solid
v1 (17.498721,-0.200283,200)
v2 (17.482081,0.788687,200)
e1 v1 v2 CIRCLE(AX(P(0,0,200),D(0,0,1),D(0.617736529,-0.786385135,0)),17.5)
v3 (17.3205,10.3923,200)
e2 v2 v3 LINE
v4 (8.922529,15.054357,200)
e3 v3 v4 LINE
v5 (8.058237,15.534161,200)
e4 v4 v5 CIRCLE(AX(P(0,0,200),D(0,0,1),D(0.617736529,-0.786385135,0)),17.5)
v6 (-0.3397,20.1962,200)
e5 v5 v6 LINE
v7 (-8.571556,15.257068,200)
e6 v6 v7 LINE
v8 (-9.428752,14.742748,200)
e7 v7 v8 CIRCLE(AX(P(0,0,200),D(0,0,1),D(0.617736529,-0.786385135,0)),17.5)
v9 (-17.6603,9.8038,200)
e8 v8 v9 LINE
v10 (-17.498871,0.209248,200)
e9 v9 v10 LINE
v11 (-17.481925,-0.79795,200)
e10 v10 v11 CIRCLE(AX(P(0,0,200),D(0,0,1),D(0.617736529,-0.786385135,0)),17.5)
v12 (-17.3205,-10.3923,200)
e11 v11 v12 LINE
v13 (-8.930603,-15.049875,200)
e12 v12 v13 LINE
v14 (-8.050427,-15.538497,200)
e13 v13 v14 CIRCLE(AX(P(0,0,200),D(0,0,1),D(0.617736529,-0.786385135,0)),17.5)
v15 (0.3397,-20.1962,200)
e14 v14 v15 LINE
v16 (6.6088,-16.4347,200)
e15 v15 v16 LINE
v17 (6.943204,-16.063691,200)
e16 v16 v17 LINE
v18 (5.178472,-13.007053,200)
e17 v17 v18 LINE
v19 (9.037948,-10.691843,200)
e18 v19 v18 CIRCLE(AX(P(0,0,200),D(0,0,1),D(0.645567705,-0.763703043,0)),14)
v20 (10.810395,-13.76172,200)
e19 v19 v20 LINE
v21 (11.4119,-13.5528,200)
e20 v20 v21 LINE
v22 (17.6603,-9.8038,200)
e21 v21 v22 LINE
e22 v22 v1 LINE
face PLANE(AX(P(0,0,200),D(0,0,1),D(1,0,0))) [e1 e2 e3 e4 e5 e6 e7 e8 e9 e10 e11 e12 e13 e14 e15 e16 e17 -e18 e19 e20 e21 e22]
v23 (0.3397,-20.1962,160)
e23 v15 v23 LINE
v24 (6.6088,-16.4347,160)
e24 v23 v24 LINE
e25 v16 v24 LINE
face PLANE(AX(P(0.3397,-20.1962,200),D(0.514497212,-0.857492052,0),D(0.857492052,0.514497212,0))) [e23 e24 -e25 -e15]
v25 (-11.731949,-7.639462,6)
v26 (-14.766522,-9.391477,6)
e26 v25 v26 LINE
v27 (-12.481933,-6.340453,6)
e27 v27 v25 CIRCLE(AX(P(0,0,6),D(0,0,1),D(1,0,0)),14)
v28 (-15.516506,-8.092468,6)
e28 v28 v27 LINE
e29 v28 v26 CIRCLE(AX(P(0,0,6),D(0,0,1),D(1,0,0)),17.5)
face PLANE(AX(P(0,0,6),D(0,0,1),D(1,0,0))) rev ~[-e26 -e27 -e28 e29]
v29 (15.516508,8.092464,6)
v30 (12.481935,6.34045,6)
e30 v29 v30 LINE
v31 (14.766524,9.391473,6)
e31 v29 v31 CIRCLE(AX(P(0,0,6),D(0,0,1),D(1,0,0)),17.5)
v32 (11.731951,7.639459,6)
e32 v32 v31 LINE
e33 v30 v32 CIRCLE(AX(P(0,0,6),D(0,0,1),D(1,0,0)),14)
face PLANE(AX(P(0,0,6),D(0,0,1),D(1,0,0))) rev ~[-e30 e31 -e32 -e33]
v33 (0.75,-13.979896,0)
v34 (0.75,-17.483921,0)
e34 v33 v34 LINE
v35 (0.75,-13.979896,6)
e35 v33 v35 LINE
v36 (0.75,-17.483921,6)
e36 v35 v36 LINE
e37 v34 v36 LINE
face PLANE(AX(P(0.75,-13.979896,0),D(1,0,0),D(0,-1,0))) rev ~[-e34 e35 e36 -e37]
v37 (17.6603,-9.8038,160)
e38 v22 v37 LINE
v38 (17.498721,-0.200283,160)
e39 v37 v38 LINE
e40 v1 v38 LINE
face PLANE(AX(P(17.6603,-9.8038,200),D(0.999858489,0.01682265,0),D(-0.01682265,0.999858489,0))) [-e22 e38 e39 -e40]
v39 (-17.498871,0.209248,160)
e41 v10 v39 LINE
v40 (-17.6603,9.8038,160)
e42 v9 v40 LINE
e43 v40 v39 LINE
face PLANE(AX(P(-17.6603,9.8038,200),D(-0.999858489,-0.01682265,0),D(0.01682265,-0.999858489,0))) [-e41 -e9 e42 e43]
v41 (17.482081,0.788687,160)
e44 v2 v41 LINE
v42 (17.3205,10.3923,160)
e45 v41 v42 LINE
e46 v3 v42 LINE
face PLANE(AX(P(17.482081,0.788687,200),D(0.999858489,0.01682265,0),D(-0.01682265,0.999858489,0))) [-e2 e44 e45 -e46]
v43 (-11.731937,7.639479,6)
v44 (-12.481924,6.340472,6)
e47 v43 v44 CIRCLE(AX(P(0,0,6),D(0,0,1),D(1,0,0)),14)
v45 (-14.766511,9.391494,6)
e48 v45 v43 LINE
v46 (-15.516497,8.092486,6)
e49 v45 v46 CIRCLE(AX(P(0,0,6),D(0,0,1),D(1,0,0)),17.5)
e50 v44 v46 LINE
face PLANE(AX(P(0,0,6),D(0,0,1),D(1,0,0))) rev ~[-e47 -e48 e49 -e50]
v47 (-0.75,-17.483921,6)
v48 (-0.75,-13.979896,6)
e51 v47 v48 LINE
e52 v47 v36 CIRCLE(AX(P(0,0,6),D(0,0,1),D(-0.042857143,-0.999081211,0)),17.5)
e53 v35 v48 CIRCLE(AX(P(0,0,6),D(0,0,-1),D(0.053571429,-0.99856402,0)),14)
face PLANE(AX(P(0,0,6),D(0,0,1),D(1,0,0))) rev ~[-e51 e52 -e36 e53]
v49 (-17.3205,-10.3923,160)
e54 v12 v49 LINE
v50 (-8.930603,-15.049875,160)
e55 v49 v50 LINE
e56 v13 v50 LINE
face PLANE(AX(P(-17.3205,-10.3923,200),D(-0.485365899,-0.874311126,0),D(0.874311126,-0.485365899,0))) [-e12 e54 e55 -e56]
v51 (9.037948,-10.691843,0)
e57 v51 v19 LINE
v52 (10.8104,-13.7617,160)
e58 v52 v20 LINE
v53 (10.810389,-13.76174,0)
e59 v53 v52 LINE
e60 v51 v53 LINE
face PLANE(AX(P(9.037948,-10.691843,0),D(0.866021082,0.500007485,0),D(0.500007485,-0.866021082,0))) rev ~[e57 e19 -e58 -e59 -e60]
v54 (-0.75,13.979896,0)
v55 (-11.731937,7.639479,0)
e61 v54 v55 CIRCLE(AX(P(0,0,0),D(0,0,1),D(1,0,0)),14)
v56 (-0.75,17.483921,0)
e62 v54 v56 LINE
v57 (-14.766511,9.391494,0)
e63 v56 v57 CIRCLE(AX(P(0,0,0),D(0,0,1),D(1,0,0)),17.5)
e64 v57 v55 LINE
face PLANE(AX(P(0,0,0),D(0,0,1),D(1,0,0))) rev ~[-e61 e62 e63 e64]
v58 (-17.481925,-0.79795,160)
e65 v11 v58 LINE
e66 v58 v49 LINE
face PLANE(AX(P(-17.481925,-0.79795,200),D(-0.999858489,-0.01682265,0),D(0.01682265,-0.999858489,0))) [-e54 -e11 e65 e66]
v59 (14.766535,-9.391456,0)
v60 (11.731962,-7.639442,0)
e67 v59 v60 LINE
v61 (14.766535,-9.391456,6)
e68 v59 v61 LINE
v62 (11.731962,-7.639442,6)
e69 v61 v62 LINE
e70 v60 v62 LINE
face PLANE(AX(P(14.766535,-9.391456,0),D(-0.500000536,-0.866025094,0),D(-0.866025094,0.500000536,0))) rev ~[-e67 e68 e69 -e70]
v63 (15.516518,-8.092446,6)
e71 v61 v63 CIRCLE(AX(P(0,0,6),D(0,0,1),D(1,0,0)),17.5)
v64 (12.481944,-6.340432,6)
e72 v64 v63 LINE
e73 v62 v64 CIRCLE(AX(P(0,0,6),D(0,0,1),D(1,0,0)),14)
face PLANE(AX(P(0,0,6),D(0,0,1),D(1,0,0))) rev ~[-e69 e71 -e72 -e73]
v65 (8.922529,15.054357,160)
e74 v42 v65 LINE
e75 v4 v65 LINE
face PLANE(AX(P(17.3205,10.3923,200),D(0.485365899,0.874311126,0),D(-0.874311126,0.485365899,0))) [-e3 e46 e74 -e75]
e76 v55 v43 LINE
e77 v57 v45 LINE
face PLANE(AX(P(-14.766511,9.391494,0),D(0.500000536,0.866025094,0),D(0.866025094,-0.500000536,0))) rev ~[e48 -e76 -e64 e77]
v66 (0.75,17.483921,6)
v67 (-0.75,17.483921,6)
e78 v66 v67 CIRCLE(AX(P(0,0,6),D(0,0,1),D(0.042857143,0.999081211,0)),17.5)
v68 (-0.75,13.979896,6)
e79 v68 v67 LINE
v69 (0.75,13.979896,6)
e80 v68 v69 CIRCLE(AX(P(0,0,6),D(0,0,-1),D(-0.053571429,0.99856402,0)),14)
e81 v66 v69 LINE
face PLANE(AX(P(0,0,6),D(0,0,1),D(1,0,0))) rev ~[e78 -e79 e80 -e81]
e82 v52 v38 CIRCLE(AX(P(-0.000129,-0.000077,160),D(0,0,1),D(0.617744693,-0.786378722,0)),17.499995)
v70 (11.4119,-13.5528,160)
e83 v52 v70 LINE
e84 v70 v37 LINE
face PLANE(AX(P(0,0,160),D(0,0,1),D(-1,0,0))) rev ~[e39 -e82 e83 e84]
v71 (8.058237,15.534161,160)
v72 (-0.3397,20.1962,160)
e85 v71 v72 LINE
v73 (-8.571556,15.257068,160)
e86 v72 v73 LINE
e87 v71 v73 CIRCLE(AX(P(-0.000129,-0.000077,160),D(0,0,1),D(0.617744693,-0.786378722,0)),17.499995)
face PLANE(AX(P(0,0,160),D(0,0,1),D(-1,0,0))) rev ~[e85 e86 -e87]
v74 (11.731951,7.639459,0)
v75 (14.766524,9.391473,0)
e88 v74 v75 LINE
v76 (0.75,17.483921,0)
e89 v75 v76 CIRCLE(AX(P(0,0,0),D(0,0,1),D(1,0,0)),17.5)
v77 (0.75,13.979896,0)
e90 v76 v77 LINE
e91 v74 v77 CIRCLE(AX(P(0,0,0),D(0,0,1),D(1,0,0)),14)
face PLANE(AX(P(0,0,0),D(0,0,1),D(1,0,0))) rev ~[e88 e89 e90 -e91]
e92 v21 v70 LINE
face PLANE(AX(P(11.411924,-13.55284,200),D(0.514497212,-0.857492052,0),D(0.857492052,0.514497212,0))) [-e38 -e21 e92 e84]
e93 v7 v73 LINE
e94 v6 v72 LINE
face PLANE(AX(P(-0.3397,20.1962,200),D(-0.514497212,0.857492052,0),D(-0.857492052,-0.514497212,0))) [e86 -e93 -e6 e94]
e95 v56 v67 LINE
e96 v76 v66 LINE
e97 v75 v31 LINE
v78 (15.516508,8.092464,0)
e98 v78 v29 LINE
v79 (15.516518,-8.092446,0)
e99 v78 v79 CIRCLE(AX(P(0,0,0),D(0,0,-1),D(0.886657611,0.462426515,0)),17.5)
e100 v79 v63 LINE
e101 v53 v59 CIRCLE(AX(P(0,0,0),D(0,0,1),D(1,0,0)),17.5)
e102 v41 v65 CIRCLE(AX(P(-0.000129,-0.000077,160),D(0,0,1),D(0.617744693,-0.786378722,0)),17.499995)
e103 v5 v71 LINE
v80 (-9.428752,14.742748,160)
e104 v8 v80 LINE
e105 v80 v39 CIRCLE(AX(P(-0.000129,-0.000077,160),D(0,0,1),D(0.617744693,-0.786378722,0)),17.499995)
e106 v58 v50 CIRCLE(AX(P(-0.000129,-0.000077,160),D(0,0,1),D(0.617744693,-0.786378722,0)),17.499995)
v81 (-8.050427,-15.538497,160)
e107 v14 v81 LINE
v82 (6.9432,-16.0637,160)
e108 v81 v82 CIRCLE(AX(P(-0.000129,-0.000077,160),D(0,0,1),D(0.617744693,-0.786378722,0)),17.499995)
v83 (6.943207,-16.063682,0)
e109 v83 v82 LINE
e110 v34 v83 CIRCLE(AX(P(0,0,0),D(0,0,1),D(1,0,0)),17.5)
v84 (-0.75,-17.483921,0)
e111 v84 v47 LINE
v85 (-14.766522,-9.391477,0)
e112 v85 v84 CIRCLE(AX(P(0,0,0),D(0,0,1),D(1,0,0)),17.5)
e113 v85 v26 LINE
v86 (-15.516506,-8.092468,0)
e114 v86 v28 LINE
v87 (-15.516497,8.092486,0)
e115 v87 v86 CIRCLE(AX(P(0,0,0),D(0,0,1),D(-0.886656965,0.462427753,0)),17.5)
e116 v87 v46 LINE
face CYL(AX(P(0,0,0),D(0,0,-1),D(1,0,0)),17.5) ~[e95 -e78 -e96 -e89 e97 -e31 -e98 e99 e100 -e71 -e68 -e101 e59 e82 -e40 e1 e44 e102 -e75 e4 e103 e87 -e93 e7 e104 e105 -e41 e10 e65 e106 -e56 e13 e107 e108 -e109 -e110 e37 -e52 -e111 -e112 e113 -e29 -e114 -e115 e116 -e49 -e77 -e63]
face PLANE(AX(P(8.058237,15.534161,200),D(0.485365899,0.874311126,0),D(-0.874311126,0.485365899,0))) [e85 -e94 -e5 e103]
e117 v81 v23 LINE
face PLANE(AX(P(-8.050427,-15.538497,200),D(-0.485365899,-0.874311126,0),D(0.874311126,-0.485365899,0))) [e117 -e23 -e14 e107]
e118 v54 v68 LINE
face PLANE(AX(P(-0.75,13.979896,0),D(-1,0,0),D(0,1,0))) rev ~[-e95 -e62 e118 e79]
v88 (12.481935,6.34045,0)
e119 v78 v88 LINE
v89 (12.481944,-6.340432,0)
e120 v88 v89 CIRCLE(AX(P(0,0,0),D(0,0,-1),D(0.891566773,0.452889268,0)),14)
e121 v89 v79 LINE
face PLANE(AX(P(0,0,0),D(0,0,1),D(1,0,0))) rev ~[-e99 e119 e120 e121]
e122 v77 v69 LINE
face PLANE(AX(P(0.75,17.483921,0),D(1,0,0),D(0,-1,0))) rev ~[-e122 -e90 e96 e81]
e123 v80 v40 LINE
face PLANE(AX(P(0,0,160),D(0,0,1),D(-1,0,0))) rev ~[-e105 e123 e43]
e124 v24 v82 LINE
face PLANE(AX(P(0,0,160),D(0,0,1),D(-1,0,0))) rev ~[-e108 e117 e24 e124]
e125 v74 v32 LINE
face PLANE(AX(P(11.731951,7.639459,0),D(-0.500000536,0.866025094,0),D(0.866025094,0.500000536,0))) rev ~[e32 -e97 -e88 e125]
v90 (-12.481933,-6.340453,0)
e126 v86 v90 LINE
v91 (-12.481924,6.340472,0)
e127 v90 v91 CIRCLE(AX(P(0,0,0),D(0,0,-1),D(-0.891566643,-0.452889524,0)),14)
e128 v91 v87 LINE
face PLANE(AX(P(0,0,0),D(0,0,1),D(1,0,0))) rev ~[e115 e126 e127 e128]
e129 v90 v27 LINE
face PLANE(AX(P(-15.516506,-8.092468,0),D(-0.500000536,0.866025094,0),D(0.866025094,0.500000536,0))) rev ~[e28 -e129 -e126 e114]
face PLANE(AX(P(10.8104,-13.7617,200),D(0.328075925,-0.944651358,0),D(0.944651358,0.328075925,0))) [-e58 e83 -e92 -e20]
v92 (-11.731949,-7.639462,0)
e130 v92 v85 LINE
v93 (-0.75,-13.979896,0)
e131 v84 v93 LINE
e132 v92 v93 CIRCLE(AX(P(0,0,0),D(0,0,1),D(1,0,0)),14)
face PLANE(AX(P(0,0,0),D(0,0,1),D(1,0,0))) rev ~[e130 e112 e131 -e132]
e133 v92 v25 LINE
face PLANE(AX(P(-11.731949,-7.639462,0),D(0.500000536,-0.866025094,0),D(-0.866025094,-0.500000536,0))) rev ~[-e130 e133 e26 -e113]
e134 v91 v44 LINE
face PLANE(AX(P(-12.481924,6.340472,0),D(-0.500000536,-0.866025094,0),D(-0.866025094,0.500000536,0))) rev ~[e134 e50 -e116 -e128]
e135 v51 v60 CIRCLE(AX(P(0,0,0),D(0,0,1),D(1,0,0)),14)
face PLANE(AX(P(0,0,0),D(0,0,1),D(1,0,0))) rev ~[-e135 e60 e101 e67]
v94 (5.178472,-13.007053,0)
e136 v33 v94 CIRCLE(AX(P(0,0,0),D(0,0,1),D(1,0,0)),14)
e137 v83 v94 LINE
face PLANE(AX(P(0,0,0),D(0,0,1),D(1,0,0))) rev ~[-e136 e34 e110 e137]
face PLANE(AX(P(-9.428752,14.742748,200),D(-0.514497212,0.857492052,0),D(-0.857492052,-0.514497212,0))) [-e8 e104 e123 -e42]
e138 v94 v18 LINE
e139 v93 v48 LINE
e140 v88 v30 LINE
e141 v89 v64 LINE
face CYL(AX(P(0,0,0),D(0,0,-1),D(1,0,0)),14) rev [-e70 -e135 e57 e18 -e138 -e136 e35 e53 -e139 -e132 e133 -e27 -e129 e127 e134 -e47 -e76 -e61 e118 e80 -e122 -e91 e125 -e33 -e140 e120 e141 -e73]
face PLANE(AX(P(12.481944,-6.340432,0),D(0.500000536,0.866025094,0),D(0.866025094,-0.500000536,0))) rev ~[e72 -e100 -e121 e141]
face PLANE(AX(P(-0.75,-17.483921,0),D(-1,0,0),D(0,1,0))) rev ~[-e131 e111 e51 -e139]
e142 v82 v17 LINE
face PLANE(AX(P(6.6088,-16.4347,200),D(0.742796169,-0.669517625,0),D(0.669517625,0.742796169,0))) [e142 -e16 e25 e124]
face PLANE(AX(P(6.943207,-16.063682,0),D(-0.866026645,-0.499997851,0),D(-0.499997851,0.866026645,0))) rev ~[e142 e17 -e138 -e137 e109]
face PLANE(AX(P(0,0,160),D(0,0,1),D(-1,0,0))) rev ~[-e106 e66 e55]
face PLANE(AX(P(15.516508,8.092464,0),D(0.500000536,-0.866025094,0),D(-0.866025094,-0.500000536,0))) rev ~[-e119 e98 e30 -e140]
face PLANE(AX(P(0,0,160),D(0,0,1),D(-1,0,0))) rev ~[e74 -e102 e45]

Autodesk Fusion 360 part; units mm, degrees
sketch "Sketch1" plane through (0, 0, 0) normal (0, 0, 1) x (1, 0, 0)
  circle A0 centre (0, 0) radius 10
  dimension "d1" = 20
sketch "Sketch2" plane through (0, 0, 0) normal (0, 0, 1) x (1, 0, 0)
  circle A0 centre (0, 0) radius 17.5
  circle A1 centre (0, 0) radius 14
  line L0 (-0.75, 19.1081) -> (0.75, 19.1081)
  line L1 (0.75, 19.1081) -> (0.75, -21)
  line L2 (0.75, -21) -> (-0.75, -21)
  line L3 (-0.75, -21) -> (-0.75, 19.1081)
  line L4 (0, 23) -> (0, -27)
  line L5 (-30, 0) -> (27, 0)
  line L6 (-16.3017, -8.5458) -> (18.0876, 11.3089)
  line L7 (18.0876, 11.3089) -> (18.8376, 10.0099)
  line L8 (18.8376, 10.0099) -> (-15.5517, -9.8448)
  line L9 (-15.5517, -9.8448) -> (-16.3017, -8.5458)
  line L10 (-16.8985, 10.6224) -> (17.4908, -9.2323)
  line L11 (17.4908, -9.2323) -> (16.7408, -10.5313)
  line L12 (16.7408, -10.5313) -> (-17.6485, 9.3234)
  line L13 (-17.6485, 9.3234) -> (-16.8985, 10.6224)
  line L14 (8.0661, -18.0086) -> (4.1738, -11.2669)
  line L15 (4.1738, -11.2669) -> (8.0709, -9.0169)
  line L16 (8.0709, -9.0169) -> (11.9633, -15.7586)
  line L17 (11.9633, -15.7586) -> (8.0661, -18.0086)
  dimension "d2" = 35
  dimension "d3" = 28
  dimension "d4" = 1.5
  dimension "d5" = 0.75
  dimension "d7" = 1.5
  dimension "d8" = 120
  dimension "d9" = 0.75
  dimension "d10" = 1.5
  dimension "d11" = 60
  dimension "d16" = 4.5
  dimension "d17" = 30
  dimension "d19" = 0.75
extrude "Extrude1" add sketch "Sketch2" along normal blind 200 contours A0 A1 L5 L8 | A0 A1 L5 L10 | A0 A1 L6 L8 | A0 A1 L10 L12 | A0 A1 L1 L6 | A0 A1 L12 L16 | A0 A1 L1 L4 | A0 A1 L3 L4 | A0 A1 L1 L14 | A0 A1 L3 L10 | A0 A1 L1 L4 | A0 A1 L3 L4 | A0 A1 L10 L12 | A0 A1 L3 L8 | A0 A1 L6 L8 | A0 A1 L5 L12 | A0 A1 L5 L6
extrude "Extrude2" cut sketch "Sketch2" along normal blind 6 contours A0 A1 L6 L8 | A0 A1 L10 L12 | A0 A1 L1 L4 | A0 A1 L3 L4 | A0 A1 L1 L4 | A0 A1 L3 L4 | A0 A1 L10 L12 | A0 A1 L6 L8
sketch "Sketch3" plane through (0, 0, 200) normal (0, 0, 1) x (-1, 0, 0)
  arc A0 (-10.8104, 13.7617) -> (-6.9432, 16.0637) centre (0, 0) ccw
  line L0 (-6.9432, 16.0637) -> (-5.1785, 13.007)
  arc A1 (-9.038, 10.6918) -> (-5.1785, 13.007) centre (0, 0) ccw
  line L1 (-9.038, 10.6918) -> (-10.8104, 13.7617)
  line L2 (-17.6603, 9.8038) -> (-17.3205, -10.3923)
  line L3 (-17.3205, -10.3923) -> (0.3397, -20.1962)
  line L4 (0.3397, -20.1962) -> (17.6603, -9.8038)
  line L5 (17.6603, -9.8038) -> (17.3205, 10.3923)
  line L6 (17.3205, 10.3923) -> (-0.3397, 20.1962)
  line L7 (-0.3397, 20.1962) -> (-17.6603, 9.8038)
  line L8 (-6.6088, 16.4347) -> (-6.9432, 16.0637)
  line L9 (-10.8104, 13.7617) -> (-11.4119, 13.5528)
extrude "Extrude3" add sketch "Sketch3" against normal blind 40 contours A0 L2 L7 L9 | A0 L2 L3 | A0 L6 L7 L8 | A0 L3 L4 | A0 L5 L6 | A0 L4 L5
